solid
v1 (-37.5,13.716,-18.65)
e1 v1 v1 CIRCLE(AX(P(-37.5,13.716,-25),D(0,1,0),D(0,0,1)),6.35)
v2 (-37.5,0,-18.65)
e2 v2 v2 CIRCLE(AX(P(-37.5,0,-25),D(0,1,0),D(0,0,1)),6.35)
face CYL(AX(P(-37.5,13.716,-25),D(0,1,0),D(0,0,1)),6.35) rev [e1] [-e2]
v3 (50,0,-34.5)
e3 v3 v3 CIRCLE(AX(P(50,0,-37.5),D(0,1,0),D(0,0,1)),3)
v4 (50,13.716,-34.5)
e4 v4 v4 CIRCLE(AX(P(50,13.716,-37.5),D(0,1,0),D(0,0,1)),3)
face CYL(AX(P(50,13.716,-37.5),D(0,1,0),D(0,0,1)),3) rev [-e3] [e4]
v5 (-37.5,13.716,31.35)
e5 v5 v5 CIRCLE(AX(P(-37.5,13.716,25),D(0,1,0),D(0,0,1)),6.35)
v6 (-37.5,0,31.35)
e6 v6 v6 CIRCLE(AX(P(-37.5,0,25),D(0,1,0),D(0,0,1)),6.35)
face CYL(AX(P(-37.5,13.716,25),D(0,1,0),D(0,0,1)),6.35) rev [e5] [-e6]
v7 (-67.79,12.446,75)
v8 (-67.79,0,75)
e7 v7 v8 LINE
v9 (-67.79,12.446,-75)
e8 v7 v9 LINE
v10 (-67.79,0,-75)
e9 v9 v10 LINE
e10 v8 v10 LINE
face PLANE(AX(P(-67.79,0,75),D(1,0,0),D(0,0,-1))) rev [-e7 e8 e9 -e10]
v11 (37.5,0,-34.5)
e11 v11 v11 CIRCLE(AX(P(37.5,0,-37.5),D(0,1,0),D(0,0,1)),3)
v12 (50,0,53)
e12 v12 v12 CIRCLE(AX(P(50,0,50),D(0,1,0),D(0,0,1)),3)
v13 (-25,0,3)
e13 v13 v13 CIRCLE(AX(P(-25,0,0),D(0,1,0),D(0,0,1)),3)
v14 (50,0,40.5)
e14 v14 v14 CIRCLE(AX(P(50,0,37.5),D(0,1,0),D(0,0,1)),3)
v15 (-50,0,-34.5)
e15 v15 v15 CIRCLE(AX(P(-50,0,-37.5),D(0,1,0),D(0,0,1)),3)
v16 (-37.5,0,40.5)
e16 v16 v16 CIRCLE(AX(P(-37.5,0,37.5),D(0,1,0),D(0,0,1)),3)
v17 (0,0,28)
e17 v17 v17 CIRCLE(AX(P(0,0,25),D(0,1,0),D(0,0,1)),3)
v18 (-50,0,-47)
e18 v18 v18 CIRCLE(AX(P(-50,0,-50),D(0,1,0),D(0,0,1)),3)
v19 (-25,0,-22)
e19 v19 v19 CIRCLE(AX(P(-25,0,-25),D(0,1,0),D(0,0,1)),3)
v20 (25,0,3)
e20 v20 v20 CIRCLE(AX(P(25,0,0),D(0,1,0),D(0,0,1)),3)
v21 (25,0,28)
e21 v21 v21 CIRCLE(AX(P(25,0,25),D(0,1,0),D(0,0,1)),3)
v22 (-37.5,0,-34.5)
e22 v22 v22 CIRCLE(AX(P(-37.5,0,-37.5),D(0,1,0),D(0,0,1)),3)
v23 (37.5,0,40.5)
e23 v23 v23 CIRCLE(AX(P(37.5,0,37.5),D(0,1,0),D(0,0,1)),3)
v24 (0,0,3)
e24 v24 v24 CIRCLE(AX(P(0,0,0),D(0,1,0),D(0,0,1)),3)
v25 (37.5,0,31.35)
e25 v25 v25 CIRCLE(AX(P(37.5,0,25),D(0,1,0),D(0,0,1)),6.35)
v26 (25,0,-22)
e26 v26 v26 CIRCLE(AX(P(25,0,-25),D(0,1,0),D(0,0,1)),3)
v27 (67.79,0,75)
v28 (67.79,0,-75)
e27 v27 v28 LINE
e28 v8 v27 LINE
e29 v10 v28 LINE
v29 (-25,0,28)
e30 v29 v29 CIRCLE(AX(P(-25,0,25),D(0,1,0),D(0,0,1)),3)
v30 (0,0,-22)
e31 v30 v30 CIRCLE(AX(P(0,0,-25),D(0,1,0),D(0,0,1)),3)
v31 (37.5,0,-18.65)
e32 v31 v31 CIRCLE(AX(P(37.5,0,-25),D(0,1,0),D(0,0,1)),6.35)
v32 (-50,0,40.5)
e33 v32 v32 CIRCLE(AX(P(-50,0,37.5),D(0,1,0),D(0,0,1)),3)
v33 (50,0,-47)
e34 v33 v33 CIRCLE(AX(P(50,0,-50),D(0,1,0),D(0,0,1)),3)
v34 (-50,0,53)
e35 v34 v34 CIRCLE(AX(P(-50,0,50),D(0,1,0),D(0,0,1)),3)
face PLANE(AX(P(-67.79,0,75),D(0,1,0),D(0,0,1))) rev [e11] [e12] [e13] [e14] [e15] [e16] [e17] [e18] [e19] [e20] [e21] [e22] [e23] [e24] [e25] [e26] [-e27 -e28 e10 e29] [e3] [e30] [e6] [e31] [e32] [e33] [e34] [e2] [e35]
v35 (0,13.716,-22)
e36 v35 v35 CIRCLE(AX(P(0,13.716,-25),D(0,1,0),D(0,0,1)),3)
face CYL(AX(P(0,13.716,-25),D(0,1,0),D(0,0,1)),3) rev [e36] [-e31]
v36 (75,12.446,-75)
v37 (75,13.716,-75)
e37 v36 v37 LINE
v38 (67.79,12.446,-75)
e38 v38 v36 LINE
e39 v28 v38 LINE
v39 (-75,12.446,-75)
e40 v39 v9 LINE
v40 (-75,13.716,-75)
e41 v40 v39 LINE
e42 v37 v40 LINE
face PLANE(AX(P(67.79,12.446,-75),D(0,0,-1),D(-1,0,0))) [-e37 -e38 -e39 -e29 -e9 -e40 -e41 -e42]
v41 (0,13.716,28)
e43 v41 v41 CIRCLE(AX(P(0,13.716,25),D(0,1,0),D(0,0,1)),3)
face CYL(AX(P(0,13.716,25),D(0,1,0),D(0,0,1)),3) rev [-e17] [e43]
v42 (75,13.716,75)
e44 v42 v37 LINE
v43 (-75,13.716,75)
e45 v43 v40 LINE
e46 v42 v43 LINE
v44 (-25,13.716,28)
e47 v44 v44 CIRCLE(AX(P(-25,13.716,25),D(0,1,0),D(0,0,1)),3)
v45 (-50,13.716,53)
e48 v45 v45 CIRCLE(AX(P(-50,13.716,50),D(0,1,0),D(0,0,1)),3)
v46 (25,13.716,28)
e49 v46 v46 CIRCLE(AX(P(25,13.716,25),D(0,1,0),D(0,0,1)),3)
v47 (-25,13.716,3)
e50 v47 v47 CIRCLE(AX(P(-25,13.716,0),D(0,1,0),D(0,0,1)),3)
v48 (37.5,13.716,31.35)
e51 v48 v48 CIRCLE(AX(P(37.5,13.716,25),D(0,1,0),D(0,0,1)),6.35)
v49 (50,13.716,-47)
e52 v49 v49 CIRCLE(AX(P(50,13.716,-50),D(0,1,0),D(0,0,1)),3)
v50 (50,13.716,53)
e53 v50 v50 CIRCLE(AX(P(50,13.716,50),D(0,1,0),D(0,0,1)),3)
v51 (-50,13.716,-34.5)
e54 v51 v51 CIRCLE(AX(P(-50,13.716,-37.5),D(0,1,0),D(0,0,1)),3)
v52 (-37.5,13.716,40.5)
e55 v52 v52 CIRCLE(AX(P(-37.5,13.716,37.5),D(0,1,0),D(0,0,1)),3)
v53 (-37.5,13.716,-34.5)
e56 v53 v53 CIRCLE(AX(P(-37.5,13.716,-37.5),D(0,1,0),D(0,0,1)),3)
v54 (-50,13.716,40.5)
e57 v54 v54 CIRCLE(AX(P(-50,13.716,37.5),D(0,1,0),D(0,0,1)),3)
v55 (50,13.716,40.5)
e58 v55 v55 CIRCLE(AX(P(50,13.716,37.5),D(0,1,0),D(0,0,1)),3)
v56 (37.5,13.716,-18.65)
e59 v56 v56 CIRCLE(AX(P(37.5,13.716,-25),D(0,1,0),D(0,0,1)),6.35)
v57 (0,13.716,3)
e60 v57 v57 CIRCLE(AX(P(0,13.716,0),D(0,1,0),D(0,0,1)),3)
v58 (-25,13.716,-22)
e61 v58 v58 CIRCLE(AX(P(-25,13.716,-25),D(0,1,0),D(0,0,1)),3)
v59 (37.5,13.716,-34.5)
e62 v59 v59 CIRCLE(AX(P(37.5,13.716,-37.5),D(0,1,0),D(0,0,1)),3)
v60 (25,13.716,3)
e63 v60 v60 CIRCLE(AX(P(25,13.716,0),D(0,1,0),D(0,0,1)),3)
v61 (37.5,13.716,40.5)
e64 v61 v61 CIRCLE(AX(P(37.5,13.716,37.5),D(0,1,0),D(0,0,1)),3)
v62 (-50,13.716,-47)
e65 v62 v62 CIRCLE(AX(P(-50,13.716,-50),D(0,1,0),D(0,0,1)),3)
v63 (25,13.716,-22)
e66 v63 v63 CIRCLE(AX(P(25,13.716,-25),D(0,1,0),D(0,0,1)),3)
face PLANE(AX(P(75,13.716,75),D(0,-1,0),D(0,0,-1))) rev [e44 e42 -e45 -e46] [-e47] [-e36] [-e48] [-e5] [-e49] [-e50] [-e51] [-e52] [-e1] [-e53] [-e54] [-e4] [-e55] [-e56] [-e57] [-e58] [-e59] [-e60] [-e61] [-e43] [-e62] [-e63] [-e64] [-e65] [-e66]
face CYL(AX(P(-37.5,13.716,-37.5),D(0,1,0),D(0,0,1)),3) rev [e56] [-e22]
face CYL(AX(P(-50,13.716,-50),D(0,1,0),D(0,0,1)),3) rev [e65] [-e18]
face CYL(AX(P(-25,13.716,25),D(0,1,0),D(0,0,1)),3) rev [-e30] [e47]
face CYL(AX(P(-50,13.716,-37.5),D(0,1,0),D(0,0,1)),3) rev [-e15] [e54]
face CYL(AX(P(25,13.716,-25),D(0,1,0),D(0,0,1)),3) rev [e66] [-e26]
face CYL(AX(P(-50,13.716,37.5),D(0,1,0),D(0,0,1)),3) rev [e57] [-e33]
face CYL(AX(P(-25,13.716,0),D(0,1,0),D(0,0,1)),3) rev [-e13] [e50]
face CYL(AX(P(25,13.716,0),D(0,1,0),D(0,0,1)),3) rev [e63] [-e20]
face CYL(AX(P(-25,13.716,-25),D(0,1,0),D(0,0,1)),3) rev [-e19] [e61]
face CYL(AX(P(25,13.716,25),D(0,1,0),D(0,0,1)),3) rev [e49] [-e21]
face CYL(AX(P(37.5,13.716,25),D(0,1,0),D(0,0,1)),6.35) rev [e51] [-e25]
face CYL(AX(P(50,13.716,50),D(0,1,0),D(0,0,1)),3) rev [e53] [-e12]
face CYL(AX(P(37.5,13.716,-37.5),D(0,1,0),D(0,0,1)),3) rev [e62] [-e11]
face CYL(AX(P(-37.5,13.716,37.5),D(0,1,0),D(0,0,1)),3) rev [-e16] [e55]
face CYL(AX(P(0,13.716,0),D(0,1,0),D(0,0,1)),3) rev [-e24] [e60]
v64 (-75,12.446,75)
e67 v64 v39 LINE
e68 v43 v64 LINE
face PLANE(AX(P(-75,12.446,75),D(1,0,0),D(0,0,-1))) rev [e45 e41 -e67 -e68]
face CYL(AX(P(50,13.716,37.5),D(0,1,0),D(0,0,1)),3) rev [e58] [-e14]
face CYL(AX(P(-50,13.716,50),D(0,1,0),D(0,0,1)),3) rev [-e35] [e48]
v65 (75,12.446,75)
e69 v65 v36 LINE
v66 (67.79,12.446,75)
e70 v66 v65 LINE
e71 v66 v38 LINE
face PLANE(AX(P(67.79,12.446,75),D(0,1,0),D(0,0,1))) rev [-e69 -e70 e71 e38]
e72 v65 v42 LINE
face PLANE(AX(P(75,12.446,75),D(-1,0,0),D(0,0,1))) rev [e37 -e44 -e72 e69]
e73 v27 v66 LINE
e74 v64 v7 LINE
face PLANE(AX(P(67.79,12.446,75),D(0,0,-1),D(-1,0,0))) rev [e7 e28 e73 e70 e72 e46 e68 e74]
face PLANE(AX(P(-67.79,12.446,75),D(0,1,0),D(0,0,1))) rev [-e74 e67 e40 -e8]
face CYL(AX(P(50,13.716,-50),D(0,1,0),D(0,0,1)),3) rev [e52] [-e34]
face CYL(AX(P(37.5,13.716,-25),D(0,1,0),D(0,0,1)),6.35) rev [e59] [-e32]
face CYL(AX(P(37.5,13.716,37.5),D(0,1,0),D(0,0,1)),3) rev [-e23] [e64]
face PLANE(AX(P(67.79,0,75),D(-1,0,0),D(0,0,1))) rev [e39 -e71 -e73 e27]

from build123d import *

# Parameters (mm, degrees)
EXTRUDE1_DEPTH                  = 75
F_1_2_0_500000_DIAMETER_HOLE1_D = 12.7
M6X1_0_TAPPED_HOLE1_D           = 6
LPATTERN1_COUNT                 = 2
LPATTERN1_PITCH                 = 25
LPATTERN1_COUNT_DIR2            = 2
LPATTERN1_PITCH_DIR2            = 25
M6X1_0_TAPPED_HOLE2_D           = 6
MIRROR2_COPY_1_D                = 6
MIRROR2_COPY_2_D                = 6
MIRROR2_COPY_3_D                = 6
MIRROR2_COPY_4_D                = 6
MIRROR3_COPY_1_D                = 6
MIRROR3_COPY_2_D                = 6
MIRROR3_COPY_3_D                = 6
MIRROR3_COPY_4_D                = 6
MIRROR3_COPY_5_D                = 6
MIRROR3_COPY_6_D                = 6
MIRROR3_COPY_7_D                = 6
MIRROR3_COPY_8_D                = 6
MIRROR3_COPY_9_D                = 6
MIRROR3_COPY_10_D               = 6


with BuildPart() as part:
    # Sketch1 → Extrude1 (new, symmetric)
    with BuildSketch(Plane.XY):
        Polygon((-67.79, 0), (67.79, 0), (67.79, 12.446), (75, 12.446), (75, 13.716), (-75, 13.716), (-75, 12.446), (-67.79, 12.446), align=None)
    extrude(amount=EXTRUDE1_DEPTH, both=True)

    # 1/2 (0.500000) Diameter Hole1 (through all)
    with Locations(Plane(origin=(0, 13.716, 0), x_dir=(-1, 0, 0), z_dir=(0, 1, 0))):
        with Locations((37.5, 25), (-37.5, 25), (-37.5, -25), (37.5, -25)):
            Hole(F_1_2_0_500000_DIAMETER_HOLE1_D / 2)

    # M6x1.0 Tapped Hole1 (through all)
    with Locations(Plane(origin=(0, 13.716, 0), x_dir=(-1, 0, 0), z_dir=(0, 1, 0))):
        with Locations((0, 0)):
            m6x1_0_tapped_hole1 = Hole(M6X1_0_TAPPED_HOLE1_D / 2)

    # LPattern1: M6x1.0 Tapped Hole1 2 × 2
    with Locations(*[(-i * LPATTERN1_PITCH, 0, -j * LPATTERN1_PITCH_DIR2) for i in range(LPATTERN1_COUNT) for j in range(LPATTERN1_COUNT_DIR2) if (i, j) != (0, 0)]):
        add(m6x1_0_tapped_hole1, mode=Mode.SUBTRACT)

    # M6x1.0 Tapped Hole2 (through all)
    with Locations(Plane(origin=(0, 13.716, 0), x_dir=(-1, 0, 0), z_dir=(0, 1, 0))):
        with Locations((37.5, -37.5), (50, -37.5), (50, -50)):
            m6x1_0_tapped_hole2 = Hole(M6X1_0_TAPPED_HOLE2_D / 2)

    # Mirror2: M6x1.0 Tapped Hole2 across plane
    add(m6x1_0_tapped_hole2.mirror(Plane.XY), mode=Mode.SUBTRACT)

    # Mirror2 copy 1 (through all)
    with Locations(Plane(origin=(0, 13.716, 25), x_dir=(-1, 0, 0), z_dir=(0, 1, 0))):
        with Locations((0, 0)):
            Hole(MIRROR2_COPY_1_D / 2)

    # Mirror2 copy 2 (through all)
    with Locations(Plane(origin=(-25, 13.716, 0), x_dir=(-1, 0, 0), z_dir=(0, 1, 0))):
        with Locations((0, 0)):
            Hole(MIRROR2_COPY_2_D / 2)

    # Mirror2 copy 3 (through all)
    with Locations(Plane(origin=(-25, 13.716, 25), x_dir=(-1, 0, 0), z_dir=(0, 1, 0))):
        with Locations((0, 0)):
            Hole(MIRROR2_COPY_3_D / 2)

    # Mirror2 copy 4 (through all)
    with Locations(Plane(origin=(0, 13.716, 0), x_dir=(-1, 0, 0), z_dir=(0, 1, 0))):
        with Locations((0, 0)):
            Hole(MIRROR2_COPY_4_D / 2)

    # Mirror3: M6x1.0 Tapped Hole2 across plane
    add(m6x1_0_tapped_hole2.mirror(Plane(origin=(0, 0, 0), x_dir=(0, 0, 1), z_dir=(1, 0, 0))), mode=Mode.SUBTRACT)

    # Mirror3 copy 1 (through all)
    with Locations(Plane(origin=(0, 13.716, -25), x_dir=(1, 0, 0), z_dir=(0, 1, 0))):
        with Locations((0, 0)):
            Hole(MIRROR3_COPY_1_D / 2)

    # Mirror3 copy 2 (through all)
    with Locations(Plane(origin=(25, 13.716, 0), x_dir=(1, 0, 0), z_dir=(0, 1, 0))):
        with Locations((0, 0)):
            Hole(MIRROR3_COPY_2_D / 2)

    # Mirror3 copy 3 (through all)
    with Locations(Plane(origin=(25, 13.716, -25), x_dir=(1, 0, 0), z_dir=(0, 1, 0))):
        with Locations((0, 0)):
            Hole(MIRROR3_COPY_3_D / 2)

    # Mirror3 copy 4 (through all)
    with Locations(Plane(origin=(0, 13.716, 0), x_dir=(1, 0, 0), z_dir=(0, 1, 0))):
        with Locations((0, 0)):
            Hole(MIRROR3_COPY_4_D / 2)

    # Mirror3 copy 5 (through all)
    with Locations(Plane(origin=(0, 13.716, 0), x_dir=(1, 0, 0), z_dir=(0, 1, 0))):
        with Locations((37.5, -37.5), (50, -37.5), (50, -50)):
            Hole(MIRROR3_COPY_5_D / 2)

    # Mirror3 copy 6 (through all)
    with Locations(Plane(origin=(0, 13.716, 25), x_dir=(1, 0, 0), z_dir=(0, 1, 0))):
        with Locations((0, 0)):
            Hole(MIRROR3_COPY_6_D / 2)

    # Mirror3 copy 7 (through all)
    with Locations(Plane(origin=(25, 13.716, 0), x_dir=(1, 0, 0), z_dir=(0, 1, 0))):
        with Locations((0, 0)):
            Hole(MIRROR3_COPY_7_D / 2)

    # Mirror3 copy 8 (through all)
    with Locations(Plane(origin=(25, 13.716, 25), x_dir=(1, 0, 0), z_dir=(0, 1, 0))):
        with Locations((0, 0)):
            Hole(MIRROR3_COPY_8_D / 2)

    # Mirror3 copy 9 (through all)
    with Locations(Plane(origin=(0, 13.716, 0), x_dir=(1, 0, 0), z_dir=(0, 1, 0))):
        with Locations((0, 0)):
            Hole(MIRROR3_COPY_9_D / 2)

    # Mirror3 copy 10 (through all)
    with Locations(Plane(origin=(0, 13.716, 0), x_dir=(1, 0, 0), z_dir=(0, 1, 0))):
        with Locations((0, 0)):
            Hole(MIRROR3_COPY_10_D / 2)


solid = part.part
